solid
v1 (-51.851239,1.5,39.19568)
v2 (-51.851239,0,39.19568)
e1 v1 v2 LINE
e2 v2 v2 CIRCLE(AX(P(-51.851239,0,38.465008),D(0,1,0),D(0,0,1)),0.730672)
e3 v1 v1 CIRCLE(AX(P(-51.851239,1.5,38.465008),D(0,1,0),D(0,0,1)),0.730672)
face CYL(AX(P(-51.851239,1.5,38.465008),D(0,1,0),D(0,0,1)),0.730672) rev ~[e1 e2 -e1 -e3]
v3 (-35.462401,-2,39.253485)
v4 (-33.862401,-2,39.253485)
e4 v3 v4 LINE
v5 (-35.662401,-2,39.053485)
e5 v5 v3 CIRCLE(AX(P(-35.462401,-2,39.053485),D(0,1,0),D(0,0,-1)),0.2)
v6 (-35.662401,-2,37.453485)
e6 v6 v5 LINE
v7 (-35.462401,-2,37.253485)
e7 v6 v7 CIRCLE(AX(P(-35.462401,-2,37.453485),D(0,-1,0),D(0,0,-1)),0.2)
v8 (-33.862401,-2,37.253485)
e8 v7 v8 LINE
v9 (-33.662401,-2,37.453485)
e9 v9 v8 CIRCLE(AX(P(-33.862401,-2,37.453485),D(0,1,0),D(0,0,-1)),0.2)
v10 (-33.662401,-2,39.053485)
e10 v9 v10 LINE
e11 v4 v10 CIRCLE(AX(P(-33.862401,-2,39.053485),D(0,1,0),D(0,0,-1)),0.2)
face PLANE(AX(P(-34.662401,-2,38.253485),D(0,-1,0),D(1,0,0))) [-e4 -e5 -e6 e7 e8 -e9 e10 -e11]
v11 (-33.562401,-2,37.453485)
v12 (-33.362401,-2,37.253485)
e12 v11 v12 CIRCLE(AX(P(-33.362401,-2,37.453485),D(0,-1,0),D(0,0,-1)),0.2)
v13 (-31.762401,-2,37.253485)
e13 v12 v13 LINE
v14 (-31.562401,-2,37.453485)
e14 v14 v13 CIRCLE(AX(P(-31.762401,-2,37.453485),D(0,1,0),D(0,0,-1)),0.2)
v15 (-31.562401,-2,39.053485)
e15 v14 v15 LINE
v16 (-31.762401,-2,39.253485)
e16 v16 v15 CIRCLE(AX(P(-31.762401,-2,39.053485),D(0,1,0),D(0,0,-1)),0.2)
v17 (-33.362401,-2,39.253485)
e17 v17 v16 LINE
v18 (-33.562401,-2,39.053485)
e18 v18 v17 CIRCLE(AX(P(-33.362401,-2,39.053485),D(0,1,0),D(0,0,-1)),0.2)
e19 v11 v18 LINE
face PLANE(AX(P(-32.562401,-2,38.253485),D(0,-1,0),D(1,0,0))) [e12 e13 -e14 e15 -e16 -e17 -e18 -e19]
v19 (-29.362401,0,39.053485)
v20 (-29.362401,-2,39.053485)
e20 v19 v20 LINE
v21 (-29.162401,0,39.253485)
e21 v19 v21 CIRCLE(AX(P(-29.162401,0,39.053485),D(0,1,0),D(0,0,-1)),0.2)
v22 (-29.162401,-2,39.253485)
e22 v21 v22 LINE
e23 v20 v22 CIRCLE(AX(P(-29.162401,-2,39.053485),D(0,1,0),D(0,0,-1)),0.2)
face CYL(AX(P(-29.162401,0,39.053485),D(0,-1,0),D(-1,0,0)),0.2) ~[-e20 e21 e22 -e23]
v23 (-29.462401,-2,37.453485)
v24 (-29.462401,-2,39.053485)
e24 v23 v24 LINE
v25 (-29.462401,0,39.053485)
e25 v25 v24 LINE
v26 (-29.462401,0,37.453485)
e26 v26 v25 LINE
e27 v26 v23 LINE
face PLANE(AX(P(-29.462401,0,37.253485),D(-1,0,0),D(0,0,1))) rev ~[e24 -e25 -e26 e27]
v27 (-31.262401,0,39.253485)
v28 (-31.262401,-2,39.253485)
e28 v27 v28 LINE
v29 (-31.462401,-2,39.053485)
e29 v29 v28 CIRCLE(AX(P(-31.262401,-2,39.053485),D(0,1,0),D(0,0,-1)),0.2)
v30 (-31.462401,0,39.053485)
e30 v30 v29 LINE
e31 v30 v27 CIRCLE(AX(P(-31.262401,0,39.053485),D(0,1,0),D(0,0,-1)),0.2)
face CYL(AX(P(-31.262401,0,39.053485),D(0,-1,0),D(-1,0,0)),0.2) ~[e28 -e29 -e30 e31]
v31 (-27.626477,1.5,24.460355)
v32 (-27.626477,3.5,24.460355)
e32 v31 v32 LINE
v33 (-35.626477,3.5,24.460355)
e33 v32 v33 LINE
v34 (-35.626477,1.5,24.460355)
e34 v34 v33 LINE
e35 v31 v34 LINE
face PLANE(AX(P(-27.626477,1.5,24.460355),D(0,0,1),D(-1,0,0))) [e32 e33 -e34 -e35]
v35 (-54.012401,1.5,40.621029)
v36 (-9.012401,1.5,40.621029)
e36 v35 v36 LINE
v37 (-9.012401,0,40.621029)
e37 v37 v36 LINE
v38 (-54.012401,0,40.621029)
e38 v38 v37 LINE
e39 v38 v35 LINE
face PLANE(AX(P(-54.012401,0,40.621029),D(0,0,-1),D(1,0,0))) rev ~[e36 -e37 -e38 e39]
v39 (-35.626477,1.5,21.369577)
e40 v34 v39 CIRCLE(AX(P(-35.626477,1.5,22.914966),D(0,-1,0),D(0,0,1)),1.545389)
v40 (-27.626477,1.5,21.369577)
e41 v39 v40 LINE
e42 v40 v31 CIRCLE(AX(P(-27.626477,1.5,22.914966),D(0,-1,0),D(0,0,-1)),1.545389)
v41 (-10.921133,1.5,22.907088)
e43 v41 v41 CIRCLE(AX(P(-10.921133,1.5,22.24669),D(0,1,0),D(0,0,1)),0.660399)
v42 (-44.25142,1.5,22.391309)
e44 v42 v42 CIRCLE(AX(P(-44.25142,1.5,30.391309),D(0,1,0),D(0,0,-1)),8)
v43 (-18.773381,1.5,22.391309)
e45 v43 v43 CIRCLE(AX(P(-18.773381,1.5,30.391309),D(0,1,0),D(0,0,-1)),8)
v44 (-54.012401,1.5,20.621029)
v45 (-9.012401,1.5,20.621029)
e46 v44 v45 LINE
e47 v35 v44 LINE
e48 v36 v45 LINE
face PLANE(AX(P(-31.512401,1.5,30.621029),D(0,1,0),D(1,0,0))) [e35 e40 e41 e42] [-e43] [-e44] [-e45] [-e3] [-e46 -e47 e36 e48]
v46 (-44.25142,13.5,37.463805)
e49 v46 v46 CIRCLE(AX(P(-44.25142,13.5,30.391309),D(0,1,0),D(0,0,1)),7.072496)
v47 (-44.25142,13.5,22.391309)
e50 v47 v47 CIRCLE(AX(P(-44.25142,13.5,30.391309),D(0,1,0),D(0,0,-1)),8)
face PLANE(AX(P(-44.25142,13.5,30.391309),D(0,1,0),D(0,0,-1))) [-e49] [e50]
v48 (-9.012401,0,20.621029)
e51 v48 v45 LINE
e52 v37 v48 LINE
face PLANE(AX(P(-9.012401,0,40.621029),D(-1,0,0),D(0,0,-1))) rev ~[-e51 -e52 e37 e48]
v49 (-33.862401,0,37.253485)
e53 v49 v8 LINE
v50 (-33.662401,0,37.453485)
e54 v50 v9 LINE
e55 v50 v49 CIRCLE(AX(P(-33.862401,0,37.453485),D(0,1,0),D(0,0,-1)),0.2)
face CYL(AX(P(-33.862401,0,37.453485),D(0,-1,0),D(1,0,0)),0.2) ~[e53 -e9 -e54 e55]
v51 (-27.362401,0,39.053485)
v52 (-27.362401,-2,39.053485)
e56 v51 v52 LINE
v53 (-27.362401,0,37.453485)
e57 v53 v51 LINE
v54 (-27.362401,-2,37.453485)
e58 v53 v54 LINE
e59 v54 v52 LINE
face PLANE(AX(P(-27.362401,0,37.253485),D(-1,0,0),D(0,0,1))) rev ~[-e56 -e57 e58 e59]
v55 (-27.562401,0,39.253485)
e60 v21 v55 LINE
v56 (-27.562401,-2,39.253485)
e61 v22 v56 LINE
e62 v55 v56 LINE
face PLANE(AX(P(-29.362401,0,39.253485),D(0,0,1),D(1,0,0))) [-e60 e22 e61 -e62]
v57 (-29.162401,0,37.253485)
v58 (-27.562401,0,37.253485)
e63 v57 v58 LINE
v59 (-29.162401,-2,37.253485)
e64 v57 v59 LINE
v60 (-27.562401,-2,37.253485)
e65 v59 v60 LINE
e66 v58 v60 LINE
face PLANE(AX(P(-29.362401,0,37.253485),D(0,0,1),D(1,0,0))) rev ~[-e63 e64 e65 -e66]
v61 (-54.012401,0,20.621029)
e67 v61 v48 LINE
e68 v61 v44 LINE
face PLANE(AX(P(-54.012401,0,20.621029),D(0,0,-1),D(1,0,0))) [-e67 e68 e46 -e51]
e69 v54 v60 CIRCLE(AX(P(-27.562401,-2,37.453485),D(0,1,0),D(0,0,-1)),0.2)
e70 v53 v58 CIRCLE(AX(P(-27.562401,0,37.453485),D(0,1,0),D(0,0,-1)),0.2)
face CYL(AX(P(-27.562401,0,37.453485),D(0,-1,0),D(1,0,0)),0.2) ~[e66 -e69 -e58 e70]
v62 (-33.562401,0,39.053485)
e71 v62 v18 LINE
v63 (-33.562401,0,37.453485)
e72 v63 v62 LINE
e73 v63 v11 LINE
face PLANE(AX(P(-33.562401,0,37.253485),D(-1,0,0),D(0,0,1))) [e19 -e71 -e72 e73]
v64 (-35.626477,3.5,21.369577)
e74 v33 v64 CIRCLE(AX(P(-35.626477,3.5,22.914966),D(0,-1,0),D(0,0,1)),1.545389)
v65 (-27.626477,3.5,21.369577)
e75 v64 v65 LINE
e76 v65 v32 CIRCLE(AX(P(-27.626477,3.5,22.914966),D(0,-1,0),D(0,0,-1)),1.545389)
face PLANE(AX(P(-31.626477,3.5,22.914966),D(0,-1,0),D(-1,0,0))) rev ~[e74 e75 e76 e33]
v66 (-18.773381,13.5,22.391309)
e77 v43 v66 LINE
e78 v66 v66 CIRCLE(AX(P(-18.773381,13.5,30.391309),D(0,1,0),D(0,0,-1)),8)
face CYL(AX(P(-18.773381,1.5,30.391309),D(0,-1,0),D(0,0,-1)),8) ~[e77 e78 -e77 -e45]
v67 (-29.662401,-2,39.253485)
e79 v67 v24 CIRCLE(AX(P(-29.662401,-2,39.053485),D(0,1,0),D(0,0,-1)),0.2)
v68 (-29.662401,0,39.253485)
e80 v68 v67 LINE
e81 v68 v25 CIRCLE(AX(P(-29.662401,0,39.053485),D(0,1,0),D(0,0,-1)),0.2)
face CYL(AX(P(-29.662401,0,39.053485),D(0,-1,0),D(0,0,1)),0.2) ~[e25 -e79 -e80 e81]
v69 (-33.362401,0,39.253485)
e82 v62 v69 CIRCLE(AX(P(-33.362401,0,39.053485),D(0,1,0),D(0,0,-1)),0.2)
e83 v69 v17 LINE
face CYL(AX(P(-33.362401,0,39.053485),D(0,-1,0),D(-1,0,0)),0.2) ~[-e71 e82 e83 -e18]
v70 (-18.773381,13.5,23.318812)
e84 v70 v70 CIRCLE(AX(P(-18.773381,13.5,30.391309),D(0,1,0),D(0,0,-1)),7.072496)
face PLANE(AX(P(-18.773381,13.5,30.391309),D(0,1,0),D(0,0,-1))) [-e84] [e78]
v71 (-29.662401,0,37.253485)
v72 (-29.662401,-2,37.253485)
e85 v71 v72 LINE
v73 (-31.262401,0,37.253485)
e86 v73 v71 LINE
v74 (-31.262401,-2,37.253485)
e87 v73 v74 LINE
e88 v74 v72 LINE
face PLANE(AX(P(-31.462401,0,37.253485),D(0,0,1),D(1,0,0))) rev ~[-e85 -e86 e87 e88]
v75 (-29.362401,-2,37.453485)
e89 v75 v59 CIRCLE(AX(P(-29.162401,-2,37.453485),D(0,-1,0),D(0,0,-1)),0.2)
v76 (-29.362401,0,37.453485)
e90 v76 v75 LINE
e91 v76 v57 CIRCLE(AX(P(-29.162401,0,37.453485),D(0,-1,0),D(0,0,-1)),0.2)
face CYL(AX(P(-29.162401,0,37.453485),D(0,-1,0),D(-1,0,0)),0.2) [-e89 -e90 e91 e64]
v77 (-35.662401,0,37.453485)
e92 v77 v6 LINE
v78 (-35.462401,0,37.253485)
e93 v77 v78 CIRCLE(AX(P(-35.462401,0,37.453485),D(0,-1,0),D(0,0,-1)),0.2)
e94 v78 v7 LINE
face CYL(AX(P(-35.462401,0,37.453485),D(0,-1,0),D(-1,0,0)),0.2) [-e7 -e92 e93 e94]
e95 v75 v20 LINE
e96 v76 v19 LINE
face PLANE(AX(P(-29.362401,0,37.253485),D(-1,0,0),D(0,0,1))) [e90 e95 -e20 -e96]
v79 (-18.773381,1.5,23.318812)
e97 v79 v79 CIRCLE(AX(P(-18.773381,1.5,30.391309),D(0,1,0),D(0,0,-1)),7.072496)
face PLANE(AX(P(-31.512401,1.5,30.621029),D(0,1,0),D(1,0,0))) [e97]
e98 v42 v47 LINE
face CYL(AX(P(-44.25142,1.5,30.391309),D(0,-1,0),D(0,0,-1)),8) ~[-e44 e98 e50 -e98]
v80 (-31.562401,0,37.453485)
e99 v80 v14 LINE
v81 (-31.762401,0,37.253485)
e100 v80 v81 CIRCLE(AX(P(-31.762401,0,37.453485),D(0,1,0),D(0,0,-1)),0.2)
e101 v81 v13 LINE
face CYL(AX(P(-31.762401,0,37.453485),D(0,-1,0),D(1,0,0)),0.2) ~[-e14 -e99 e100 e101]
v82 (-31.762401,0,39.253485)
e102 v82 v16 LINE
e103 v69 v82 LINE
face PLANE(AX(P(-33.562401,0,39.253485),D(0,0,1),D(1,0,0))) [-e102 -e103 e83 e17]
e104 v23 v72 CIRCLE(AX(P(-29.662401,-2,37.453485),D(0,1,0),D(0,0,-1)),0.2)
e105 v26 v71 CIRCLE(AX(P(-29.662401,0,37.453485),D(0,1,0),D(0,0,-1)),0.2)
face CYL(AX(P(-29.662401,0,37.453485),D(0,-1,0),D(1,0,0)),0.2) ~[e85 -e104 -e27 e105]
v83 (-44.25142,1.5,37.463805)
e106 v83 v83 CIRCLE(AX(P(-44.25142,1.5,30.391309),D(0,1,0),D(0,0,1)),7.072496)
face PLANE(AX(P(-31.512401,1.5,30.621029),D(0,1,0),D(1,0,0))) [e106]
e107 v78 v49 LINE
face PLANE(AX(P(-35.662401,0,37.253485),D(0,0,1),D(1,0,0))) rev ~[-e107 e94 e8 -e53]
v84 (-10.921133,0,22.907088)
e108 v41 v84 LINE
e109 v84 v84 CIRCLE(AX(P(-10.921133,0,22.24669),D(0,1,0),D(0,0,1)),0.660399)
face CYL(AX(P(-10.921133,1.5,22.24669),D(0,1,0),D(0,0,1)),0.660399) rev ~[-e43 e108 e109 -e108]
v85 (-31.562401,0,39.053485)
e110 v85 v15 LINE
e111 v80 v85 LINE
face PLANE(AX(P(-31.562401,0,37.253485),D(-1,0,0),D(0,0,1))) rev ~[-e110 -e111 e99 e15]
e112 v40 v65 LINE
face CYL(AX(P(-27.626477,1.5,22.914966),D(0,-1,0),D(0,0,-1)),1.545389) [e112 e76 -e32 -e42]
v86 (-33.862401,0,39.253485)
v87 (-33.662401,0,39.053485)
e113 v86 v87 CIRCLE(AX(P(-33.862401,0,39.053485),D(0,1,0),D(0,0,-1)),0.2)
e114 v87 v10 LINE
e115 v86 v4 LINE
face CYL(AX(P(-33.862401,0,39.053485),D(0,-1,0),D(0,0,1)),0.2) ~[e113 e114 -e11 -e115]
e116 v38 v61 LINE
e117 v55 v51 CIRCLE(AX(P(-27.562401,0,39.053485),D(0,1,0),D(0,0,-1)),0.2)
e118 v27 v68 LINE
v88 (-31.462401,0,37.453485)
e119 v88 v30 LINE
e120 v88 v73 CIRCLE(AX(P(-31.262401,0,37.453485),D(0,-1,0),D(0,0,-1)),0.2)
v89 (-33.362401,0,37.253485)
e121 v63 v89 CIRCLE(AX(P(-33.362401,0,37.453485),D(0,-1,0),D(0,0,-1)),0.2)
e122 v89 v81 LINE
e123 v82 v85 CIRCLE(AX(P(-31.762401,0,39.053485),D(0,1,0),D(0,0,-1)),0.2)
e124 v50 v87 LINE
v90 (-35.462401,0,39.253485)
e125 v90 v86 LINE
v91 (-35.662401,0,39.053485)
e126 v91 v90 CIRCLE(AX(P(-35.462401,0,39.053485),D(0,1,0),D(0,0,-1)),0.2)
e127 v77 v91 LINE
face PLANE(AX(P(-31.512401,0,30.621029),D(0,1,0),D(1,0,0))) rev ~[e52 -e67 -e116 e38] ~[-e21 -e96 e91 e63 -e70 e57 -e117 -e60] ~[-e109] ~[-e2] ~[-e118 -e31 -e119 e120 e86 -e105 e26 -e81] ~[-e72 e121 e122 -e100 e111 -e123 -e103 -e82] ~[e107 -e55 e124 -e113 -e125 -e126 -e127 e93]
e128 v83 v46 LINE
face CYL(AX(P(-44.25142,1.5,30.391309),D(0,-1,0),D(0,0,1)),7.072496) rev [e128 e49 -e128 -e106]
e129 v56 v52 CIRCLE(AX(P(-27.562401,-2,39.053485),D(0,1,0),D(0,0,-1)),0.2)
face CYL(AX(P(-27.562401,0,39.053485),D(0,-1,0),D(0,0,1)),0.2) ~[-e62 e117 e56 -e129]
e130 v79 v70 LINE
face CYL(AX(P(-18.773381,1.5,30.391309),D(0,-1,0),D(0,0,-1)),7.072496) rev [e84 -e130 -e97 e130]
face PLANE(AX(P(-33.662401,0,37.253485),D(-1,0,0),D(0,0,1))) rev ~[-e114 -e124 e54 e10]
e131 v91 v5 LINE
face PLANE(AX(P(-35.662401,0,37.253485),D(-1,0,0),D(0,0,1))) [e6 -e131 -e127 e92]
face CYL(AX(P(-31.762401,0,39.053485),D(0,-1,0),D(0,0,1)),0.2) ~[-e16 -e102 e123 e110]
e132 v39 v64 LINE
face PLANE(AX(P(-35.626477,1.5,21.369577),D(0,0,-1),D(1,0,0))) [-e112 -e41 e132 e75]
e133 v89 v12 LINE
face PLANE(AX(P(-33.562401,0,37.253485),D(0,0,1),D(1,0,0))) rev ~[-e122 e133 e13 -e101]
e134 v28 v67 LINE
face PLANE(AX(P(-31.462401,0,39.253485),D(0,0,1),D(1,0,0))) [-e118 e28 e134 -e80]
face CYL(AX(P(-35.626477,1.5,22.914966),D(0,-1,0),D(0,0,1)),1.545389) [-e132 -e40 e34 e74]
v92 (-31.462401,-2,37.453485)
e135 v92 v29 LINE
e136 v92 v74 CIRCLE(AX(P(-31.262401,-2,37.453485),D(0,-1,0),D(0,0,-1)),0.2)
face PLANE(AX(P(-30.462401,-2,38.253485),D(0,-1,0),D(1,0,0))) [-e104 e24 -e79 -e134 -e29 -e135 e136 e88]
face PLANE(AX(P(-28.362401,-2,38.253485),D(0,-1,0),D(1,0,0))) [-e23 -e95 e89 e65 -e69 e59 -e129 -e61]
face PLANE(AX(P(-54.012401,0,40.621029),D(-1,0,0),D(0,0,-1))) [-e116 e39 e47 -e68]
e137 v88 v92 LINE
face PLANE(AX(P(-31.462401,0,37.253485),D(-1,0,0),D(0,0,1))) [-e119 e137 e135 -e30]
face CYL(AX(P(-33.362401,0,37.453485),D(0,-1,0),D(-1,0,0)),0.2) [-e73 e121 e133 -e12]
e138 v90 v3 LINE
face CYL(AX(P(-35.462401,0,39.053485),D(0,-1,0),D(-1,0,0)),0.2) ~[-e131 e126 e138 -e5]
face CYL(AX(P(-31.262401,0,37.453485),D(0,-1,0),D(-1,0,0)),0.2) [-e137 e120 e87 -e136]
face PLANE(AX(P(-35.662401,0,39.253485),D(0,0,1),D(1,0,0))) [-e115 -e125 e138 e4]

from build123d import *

# Parameters (mm, degrees)
SKETCH1_W              = 45
SKETCH1_H              = 20
BOSS_EXTRUDE2_DEPTH    = 1.5
SKETCH2_R              = 8
SKETCH2_R_2            = 7.072496476
BOSS_EXTRUDE3_DEPTH    = 12
BOSS_EXTRUDE4_DEPTH    = 2
SKETCH4_R              = 0.730672048
CUT_EXTRUDE6_DEPTH     = 22
SKETCH7_R              = 0.66039865
CUT_EXTRUDE9_DEPTH     = 11
SKETCH9_W              = 2
SKETCH9_H              = 2
BOSS_EXTRUDE5_DEPTH    = 2
FILLET2_R              = 0.2
LPATTERN1_COUNT        = 4
LPATTERN1_PITCH        = 2.1
FILLET2_OF_LPATTERN1_R = 0.2


with BuildPart() as part:
    # Sketch1 → Boss-Extrude2 (new body)
    with BuildSketch(Plane(origin=(0, 0, 0), x_dir=(1, 0, 0), z_dir=(0, 1, 0))):
        with Locations((-31.512400592, -30.621028873)):
            Rectangle(SKETCH1_W, SKETCH1_H)
    extrude(amount=BOSS_EXTRUDE2_DEPTH)

    # Sketch2 → Boss-Extrude3 (add)
    # profile 1 of 2: a face of its own
    with BuildSketch(Plane(origin=(0, 1.5, 0), x_dir=(1, 0, 0), z_dir=(0, 1, 0))):
        with Locations(Location((-44.251420367, -30.391308844, 0), (0, 0, 90))):
            Circle(SKETCH2_R)
        with Locations(Location((-44.251420367, -30.391308844, 0), (0, 0, 270))):
            Circle(SKETCH2_R_2, mode=Mode.SUBTRACT)
    # profile 2 of 2: a face of its own
    with BuildSketch(Plane(origin=(0, 1.5, 0), x_dir=(1, 0, 0), z_dir=(0, 1, 0))):
        with Locations(Location((-18.773380818, -30.391308844, 0), (0, 0, 90))):
            Circle(SKETCH2_R)
        with Locations(Location((-18.773380818, -30.391308844, 0), (0, 0, 90))):
            Circle(SKETCH2_R_2, mode=Mode.SUBTRACT)
    extrude(amount=BOSS_EXTRUDE3_DEPTH)

    # Sketch3 → Boss-Extrude4 (add)
    with BuildSketch(Plane(origin=(0, 1.5, 0), x_dir=(1, 0, 0), z_dir=(0, 1, 0))):
        with BuildLine():
            Line((-35.62647747, -21.369576807), (-27.62647747, -21.369576807))
            ThreePointArc((-27.62647747, -21.369576807), (-26.081088186, -22.914966091), (-27.62647747, -24.460355375))
            Line((-27.62647747, -24.460355375), (-35.62647747, -24.460355375))
            ThreePointArc((-35.62647747, -24.460355375), (-37.171866754, -22.914966091), (-35.62647747, -21.369576807))
        make_face()
    extrude(amount=BOSS_EXTRUDE4_DEPTH)

    # Sketch4 → Cut-Extrude6 (cut)
    with BuildSketch(Plane(origin=(0, 1.5, 0), x_dir=(1, 0, 0), z_dir=(0, 1, 0))):
        with Locations(Location((-51.851239407, -38.465008216, 0), (0, 0, 270))):
            Circle(SKETCH4_R)
    extrude(amount=-CUT_EXTRUDE6_DEPTH, mode=Mode.SUBTRACT)

    # Sketch7 → Cut-Extrude9 (cut)
    with BuildSketch(Plane(origin=(0, 1.5, 0), x_dir=(1, 0, 0), z_dir=(0, 1, 0))):
        with Locations(Location((-10.921132564, -22.246689644, 0), (0, 0, 270))):
            Circle(SKETCH7_R)
    extrude(amount=-CUT_EXTRUDE9_DEPTH, mode=Mode.SUBTRACT)

    # Sketch9 → Boss-Extrude5 (add)
    with BuildSketch(Plane.XZ):
        with Locations((-28.362400592, 38.253484629)):
            Rectangle(SKETCH9_W, SKETCH9_H)
    boss_extrude5 = extrude(amount=BOSS_EXTRUDE5_DEPTH)

    # Fillet2
    fillet2_edges = [part.edges().sort_by_distance(p)[0] for p in [
        (-27.362400592, -1, 37.253484629),
        (-27.362400592, -1, 39.253484629),
        (-29.362400592, -1, 39.253484629),
        (-29.362400592, -1, 37.253484629),
    ]]
    fillet(fillet2_edges, radius=FILLET2_R)

    # LPattern1: Boss-Extrude5 ×4
    with Locations(*[(-i * LPATTERN1_PITCH, 0, 0) for i in range(1, LPATTERN1_COUNT)]):
        add(boss_extrude5)

    # Fillet2 of LPattern1
    fillet2_of_lpattern1_edges = [part.edges().sort_by_distance(p)[0] for p in [
        (-29.462400592, -1, 37.253484629),
        (-29.462400592, -1, 39.253484629),
        (-31.462400592, -1, 39.253484629),
        (-31.462400592, -1, 37.253484629),
        (-31.562400592, -1, 37.253484629),
        (-31.562400592, -1, 39.253484629),
        (-33.562400592, -1, 39.253484629),
        (-33.562400592, -1, 37.253484629),
        (-33.662400592, -1, 37.253484629),
        (-33.662400592, -1, 39.253484629),
        (-35.662400592, -1, 39.253484629),
        (-35.662400592, -1, 37.253484629),
    ]]
    fillet(fillet2_of_lpattern1_edges, radius=FILLET2_OF_LPATTERN1_R)


solid = part.part
